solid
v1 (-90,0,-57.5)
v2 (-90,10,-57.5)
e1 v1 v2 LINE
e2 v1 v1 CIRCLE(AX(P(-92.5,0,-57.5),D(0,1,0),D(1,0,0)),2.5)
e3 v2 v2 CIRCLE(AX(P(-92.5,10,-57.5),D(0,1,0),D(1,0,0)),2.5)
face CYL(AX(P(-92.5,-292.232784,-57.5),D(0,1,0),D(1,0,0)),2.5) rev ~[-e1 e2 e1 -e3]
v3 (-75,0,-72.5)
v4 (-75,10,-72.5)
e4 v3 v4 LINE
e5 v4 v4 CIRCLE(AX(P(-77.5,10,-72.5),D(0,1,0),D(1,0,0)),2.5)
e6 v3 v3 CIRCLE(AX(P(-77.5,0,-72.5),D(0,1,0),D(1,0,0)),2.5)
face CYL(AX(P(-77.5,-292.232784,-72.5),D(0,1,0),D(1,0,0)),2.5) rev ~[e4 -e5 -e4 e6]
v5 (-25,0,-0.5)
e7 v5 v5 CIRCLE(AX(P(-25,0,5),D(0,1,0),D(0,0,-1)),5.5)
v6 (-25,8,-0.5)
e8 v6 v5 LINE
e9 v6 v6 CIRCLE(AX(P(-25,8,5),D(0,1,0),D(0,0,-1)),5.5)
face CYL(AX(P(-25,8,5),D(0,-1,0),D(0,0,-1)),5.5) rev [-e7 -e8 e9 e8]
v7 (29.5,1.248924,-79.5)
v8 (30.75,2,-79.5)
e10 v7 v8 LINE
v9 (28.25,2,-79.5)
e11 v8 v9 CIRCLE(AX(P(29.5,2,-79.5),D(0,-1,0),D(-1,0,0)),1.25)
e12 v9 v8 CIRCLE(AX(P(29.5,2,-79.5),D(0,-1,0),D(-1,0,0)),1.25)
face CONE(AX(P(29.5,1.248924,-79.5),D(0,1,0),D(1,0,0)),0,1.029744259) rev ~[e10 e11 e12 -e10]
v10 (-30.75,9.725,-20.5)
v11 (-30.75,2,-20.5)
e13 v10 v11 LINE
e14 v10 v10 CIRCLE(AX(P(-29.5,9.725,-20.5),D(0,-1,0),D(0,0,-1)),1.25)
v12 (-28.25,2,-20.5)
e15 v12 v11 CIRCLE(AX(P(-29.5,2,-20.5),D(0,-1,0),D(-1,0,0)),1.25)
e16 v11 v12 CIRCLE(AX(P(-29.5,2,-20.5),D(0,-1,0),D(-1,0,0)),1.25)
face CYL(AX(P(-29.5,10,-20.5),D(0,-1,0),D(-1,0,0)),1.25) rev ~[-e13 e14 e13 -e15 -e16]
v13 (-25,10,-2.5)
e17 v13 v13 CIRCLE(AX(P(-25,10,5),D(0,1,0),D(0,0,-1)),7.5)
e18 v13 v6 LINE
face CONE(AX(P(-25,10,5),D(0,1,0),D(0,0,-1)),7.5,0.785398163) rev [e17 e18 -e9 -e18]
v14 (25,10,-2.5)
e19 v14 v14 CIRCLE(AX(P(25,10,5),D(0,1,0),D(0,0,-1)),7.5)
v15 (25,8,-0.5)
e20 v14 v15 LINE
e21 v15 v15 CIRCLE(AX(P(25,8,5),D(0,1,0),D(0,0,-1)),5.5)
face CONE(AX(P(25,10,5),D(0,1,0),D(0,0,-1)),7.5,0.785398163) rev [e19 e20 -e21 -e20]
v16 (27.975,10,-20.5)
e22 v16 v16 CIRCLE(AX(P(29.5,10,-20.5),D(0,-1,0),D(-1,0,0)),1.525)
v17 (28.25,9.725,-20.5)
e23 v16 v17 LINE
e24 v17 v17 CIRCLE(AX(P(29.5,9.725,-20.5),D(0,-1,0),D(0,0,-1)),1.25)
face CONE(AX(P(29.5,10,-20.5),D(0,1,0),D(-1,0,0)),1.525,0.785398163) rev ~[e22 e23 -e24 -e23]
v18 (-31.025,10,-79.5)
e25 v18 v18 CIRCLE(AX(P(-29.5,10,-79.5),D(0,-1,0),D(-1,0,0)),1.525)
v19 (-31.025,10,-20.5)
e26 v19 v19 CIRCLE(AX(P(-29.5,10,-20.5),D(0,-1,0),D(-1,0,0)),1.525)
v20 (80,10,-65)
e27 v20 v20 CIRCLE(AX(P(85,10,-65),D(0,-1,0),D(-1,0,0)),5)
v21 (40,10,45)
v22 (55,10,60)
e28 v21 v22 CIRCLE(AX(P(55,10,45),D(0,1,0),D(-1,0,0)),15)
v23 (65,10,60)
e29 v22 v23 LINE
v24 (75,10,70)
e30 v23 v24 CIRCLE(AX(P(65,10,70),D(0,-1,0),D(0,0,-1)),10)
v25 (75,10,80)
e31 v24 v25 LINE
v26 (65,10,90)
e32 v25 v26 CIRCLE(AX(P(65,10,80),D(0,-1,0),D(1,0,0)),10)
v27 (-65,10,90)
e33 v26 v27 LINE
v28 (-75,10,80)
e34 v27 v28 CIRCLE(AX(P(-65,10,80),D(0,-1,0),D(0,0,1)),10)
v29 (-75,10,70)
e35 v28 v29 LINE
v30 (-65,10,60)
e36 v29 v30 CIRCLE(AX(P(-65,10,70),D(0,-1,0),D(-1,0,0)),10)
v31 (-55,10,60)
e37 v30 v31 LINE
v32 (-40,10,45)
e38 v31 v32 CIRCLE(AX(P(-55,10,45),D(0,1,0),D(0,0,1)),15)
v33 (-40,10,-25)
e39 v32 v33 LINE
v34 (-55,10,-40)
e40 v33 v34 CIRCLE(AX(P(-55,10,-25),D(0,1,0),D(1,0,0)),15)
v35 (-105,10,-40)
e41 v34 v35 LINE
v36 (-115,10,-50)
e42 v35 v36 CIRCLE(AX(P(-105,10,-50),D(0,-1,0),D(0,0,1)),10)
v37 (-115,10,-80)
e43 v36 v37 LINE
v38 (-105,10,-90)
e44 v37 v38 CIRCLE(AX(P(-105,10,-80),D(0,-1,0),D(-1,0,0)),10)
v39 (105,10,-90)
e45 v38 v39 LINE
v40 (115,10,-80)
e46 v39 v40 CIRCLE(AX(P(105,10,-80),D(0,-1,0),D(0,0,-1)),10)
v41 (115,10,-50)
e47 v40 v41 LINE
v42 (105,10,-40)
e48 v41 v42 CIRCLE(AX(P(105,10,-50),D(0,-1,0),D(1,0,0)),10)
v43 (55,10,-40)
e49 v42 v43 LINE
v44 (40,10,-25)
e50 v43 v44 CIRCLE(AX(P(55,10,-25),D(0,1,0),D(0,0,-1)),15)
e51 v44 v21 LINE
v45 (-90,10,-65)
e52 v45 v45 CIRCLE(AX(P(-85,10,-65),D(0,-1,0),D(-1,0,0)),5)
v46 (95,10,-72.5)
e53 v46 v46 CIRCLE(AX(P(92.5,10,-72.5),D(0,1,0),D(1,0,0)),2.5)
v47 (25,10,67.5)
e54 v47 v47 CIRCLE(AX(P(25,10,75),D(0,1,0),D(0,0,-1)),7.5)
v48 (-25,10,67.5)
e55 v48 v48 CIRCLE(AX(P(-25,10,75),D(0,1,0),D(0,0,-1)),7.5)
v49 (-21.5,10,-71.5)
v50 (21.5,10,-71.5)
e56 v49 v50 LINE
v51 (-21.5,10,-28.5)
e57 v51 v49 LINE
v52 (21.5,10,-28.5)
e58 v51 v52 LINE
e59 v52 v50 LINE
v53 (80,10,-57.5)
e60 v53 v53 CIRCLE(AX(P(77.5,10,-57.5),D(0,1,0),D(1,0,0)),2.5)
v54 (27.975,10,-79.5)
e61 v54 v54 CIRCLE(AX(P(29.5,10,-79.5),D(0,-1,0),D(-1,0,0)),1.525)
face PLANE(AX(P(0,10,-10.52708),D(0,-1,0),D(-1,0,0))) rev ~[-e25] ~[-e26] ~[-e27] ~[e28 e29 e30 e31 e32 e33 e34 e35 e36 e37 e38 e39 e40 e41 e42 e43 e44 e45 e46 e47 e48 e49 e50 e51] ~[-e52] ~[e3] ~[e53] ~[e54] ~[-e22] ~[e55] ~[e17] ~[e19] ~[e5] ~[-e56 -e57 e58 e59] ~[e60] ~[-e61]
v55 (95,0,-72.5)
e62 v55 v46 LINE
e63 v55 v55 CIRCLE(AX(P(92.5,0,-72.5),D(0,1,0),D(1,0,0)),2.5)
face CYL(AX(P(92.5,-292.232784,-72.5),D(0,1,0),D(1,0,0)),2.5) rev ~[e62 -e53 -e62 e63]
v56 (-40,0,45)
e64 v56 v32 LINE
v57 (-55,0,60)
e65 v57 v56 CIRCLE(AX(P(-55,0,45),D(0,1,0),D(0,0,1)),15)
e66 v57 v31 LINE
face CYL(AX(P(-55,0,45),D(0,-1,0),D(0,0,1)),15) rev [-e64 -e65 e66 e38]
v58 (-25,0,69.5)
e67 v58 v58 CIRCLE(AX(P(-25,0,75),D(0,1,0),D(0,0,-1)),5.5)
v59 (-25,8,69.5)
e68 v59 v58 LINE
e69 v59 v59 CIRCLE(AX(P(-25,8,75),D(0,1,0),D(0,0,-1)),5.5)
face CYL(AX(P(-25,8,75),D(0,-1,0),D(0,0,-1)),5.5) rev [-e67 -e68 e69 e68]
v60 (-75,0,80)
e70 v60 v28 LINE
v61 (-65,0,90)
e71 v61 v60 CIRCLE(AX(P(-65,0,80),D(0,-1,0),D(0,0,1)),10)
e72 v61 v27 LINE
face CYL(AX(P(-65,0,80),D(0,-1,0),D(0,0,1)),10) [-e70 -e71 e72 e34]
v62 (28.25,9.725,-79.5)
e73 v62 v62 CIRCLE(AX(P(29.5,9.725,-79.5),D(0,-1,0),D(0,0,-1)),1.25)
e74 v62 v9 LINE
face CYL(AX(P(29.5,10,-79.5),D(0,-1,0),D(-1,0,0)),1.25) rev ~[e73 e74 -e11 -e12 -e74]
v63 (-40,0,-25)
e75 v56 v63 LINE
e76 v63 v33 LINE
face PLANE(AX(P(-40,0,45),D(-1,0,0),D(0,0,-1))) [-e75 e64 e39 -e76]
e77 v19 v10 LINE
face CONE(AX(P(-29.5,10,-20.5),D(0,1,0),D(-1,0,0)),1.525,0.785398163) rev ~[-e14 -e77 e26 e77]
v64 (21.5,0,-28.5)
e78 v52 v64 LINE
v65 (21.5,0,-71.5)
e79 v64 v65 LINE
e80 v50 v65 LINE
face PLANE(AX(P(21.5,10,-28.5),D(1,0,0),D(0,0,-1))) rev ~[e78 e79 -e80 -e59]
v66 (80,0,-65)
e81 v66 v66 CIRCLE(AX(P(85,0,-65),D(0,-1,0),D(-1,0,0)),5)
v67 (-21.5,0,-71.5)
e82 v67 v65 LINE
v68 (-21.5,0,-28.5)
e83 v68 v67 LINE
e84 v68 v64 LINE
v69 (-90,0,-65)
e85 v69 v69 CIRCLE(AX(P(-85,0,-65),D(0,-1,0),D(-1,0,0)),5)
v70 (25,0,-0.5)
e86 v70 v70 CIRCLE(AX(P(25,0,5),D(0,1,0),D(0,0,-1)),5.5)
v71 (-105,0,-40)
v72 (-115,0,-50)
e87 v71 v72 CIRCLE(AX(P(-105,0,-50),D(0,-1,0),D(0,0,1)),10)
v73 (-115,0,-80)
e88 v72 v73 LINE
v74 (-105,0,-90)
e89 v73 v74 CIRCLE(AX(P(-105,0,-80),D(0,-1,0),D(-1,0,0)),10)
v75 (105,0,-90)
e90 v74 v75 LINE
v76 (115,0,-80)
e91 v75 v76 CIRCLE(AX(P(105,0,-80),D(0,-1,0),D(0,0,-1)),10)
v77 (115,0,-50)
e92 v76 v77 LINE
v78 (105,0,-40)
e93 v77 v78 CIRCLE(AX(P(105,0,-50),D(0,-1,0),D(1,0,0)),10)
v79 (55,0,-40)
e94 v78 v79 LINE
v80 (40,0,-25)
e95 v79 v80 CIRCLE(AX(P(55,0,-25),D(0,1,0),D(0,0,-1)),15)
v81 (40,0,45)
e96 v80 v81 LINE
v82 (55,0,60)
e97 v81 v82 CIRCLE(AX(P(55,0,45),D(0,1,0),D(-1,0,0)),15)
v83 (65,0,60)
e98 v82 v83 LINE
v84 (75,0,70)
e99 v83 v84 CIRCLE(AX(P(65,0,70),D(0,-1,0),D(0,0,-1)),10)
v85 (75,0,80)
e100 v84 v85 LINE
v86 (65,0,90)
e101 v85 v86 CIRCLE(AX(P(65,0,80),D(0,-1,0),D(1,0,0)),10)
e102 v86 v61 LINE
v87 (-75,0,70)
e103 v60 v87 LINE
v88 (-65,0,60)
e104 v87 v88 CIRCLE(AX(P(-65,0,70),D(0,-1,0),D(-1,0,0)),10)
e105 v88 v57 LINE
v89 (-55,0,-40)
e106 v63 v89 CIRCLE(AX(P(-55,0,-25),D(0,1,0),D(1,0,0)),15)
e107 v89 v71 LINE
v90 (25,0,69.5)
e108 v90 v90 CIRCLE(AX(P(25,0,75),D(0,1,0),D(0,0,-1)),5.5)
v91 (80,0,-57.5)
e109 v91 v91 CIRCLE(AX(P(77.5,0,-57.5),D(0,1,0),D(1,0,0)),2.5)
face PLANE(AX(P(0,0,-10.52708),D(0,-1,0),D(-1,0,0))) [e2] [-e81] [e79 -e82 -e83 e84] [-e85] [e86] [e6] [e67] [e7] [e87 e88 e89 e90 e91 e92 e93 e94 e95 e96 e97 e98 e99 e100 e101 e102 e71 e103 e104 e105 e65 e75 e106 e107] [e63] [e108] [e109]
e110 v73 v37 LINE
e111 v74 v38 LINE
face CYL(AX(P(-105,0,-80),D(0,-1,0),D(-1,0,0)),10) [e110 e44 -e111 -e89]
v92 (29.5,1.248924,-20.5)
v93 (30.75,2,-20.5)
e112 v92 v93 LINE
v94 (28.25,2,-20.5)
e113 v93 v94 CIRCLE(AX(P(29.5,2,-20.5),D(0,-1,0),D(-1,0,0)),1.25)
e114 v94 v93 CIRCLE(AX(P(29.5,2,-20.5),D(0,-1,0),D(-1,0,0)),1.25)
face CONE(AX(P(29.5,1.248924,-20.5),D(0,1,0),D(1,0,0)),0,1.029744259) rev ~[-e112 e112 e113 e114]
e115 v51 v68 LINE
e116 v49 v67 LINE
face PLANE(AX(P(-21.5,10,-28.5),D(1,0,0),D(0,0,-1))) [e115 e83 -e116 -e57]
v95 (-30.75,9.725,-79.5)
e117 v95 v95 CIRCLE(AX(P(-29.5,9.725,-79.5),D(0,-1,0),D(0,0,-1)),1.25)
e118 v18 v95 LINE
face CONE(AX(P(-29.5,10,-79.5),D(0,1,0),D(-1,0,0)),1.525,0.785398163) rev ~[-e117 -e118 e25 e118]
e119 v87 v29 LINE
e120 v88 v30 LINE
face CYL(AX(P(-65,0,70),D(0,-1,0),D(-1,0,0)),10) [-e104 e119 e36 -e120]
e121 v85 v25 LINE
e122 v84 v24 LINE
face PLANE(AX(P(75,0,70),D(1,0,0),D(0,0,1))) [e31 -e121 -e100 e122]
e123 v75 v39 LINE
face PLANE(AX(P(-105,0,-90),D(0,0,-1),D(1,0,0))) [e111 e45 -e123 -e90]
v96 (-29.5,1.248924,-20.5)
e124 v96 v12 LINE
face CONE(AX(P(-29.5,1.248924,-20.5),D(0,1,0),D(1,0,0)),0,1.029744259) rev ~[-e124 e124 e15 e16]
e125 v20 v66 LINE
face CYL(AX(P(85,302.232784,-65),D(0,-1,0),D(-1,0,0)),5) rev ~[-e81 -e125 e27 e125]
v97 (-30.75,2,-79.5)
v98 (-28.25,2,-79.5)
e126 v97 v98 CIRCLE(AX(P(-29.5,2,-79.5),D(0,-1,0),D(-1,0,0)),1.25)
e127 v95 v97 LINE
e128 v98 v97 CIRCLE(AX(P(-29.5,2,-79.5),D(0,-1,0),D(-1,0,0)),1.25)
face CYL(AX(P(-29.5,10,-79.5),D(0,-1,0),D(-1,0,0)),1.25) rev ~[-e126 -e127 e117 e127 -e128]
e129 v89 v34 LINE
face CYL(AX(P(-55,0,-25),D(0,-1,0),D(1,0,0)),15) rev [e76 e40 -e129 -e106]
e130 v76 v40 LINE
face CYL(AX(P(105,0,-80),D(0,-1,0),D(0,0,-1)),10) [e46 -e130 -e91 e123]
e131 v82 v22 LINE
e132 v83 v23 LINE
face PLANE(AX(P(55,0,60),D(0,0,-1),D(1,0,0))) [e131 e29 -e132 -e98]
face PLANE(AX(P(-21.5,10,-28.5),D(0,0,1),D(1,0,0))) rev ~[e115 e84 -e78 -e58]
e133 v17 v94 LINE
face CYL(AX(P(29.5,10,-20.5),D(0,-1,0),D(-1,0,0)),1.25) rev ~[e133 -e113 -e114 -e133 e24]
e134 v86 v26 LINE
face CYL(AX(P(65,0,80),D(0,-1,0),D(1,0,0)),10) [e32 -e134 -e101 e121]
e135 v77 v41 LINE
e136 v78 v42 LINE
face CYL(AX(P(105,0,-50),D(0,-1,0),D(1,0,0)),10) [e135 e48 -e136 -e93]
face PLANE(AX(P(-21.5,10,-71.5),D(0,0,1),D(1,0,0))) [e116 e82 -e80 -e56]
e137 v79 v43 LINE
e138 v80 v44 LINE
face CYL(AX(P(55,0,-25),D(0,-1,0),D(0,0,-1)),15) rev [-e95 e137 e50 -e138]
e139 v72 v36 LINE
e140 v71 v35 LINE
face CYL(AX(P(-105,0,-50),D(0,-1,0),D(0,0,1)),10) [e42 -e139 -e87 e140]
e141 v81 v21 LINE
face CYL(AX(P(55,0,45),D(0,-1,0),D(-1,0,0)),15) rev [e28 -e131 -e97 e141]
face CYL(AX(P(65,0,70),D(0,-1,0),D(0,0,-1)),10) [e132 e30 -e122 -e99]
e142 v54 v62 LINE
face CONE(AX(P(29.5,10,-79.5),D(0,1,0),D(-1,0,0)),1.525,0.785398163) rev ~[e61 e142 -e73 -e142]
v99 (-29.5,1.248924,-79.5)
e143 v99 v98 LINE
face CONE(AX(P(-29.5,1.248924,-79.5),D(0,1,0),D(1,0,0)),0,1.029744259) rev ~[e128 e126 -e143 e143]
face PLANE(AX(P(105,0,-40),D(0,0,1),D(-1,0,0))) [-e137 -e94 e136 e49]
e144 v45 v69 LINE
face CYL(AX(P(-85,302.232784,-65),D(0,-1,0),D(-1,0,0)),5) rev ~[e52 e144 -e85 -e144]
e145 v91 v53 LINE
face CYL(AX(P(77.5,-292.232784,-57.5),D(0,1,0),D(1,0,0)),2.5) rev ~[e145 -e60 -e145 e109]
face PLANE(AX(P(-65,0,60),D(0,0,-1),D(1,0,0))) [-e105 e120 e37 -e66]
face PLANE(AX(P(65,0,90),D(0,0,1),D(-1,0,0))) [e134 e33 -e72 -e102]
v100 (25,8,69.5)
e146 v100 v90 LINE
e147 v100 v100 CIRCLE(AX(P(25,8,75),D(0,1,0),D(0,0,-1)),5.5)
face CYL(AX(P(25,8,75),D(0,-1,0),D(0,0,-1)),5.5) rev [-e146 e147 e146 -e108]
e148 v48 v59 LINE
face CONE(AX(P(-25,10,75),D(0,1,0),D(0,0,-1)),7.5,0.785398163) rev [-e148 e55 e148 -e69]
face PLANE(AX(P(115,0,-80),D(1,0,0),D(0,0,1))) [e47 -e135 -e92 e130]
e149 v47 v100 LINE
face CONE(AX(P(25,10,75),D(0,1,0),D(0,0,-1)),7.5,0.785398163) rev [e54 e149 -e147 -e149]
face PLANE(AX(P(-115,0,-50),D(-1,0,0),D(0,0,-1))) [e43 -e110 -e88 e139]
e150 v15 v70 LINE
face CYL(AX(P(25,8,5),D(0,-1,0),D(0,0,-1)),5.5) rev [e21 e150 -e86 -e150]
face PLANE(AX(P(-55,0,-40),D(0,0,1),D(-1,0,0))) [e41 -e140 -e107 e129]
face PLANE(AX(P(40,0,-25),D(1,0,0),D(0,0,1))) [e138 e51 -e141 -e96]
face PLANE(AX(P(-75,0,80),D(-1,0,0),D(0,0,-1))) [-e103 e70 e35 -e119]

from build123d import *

# Parameters (mm, degrees)
AUFSATZ_LINEAR_AUSTRAGEN1_DEPTH    = 10
F_10_0_10_DURCHMESSER_BOHRUNG1_D   = 10
SKIZZE8_W                          = 43
SKIZZE8_H                          = 43
SCHNITT_LINEAR_AUSTRAGEN2_DEPTH    = 10
M3_GEWINDEBOHRUNG1_D               = 2.5
M3_GEWINDEBOHRUNG1_DEPTH           = 8
M3_GEWINDEBOHRUNG1_CSINK_D         = 3.05
M3_GEWINDEBOHRUNG1_CSINK_ANGLE     = 90
M3_GEWINDEBOHRUNG1_TIP             = 0.751075774
F_5_0_5_DURCHMESSER_BOHRUNG1_D     = 5
DURCHGANGSLOCH_F_R_M101_AT_2_COUNT = 2
DURCHGANGSLOCH_F_R_M101_AT_2_PITCH = 70
DURCHGANGSLOCH_F_R_M101_AT_3_COUNT = 2
DURCHGANGSLOCH_F_R_M101_AT_3_PITCH = 50
DURCHGANGSLOCH_F_R_M101_AT_4_COUNT = 2
DURCHGANGSLOCH_F_R_M101_AT_4_PITCH = 86.02325267


with BuildPart() as part:
    # Skizze1 → Aufsatz-Linear austragen1 (new body)
    with BuildSketch(Plane(origin=(0, 0, 0), x_dir=(1, 0, 0), z_dir=(0, 1, 0))):
        with BuildLine():
            Line((-105, 90), (105, 90))
            ThreePointArc((105, 90), (112.071067812, 87.071067812), (115, 80))
            Line((115, 80), (115, 50))
            ThreePointArc((115, 50), (112.071067812, 42.928932188), (105, 40))
            Line((105, 40), (55, 40))
            ThreePointArc((55, 40), (44.393398282, 35.606601718), (40, 25))
            Line((40, 25), (40, -45))
            ThreePointArc((40, -45), (44.393398282, -55.606601718), (55, -60))
            Line((55, -60), (65, -60))
            ThreePointArc((65, -60), (72.071067812, -62.928932188), (75, -70))
            Line((75, -70), (75, -80))
            ThreePointArc((75, -80), (72.071067812, -87.071067812), (65, -90))
            Line((65, -90), (-65, -90))
            ThreePointArc((-65, -90), (-72.071067812, -87.071067812), (-75, -80))
            Line((-75, -80), (-75, -70))
            ThreePointArc((-75, -70), (-72.071067812, -62.928932188), (-65, -60))
            Line((-65, -60), (-55, -60))
            ThreePointArc((-55, -60), (-44.393398282, -55.606601718), (-40, -45))
            Line((-40, -45), (-40, 25))
            ThreePointArc((-40, 25), (-44.393398282, 35.606601718), (-55, 40))
            Line((-55, 40), (-105, 40))
            ThreePointArc((-105, 40), (-112.071067812, 42.928932188), (-115, 50))
            Line((-115, 50), (-115, 80))
            ThreePointArc((-115, 80), (-112.071067812, 87.071067812), (-105, 90))
        make_face()
    extrude(amount=AUFSATZ_LINEAR_AUSTRAGEN1_DEPTH)

    # Ø10.0 (10) Durchmesser Bohrung1 (through all)
    with Locations(Plane(origin=(0, 10, 0), x_dir=(1, 0, 0), z_dir=(0, 1, 0))):
        with Locations((-85, 65), (85, 65)):
            Hole(F_10_0_10_DURCHMESSER_BOHRUNG1_D / 2)

    # Skizze8 → Schnitt-Linear austragen2 (cut)
    with BuildSketch(Plane(origin=(0, 10, 0), x_dir=(1, 0, 0), z_dir=(0, 1, 0))):
        with Locations((0, 50)):
            Rectangle(SKIZZE8_W, SKIZZE8_H)
    extrude(amount=-SCHNITT_LINEAR_AUSTRAGEN2_DEPTH, mode=Mode.SUBTRACT)

    # M3 Gewindebohrung1
    with Locations(Plane(origin=(0, 10, 0), x_dir=(1, 0, 0), z_dir=(0, 1, 0))):
        with Locations((-29.5, 79.5), (-29.5, 20.5), (29.5, 20.5), (29.5, 79.5)):
            CounterSinkHole(M3_GEWINDEBOHRUNG1_D / 2, M3_GEWINDEBOHRUNG1_CSINK_D / 2, depth=M3_GEWINDEBOHRUNG1_DEPTH, counter_sink_angle=M3_GEWINDEBOHRUNG1_CSINK_ANGLE)
            with Locations((0, 0, -(M3_GEWINDEBOHRUNG1_DEPTH + M3_GEWINDEBOHRUNG1_TIP / 2))):  # 118° drill point
                Cone(0, M3_GEWINDEBOHRUNG1_D / 2, M3_GEWINDEBOHRUNG1_TIP, mode=Mode.SUBTRACT)

    # Ø5.0 (5) Durchmesser Bohrung1 (through all)
    with Locations(Plane(origin=(0, 0, 0), x_dir=(-1, 0, 0), z_dir=(0, -1, 0))):
        with Locations((77.5, 72.5), (92.5, 57.5), (-92.5, 72.5), (-77.5, 57.5)):
            Hole(F_5_0_5_DURCHMESSER_BOHRUNG1_D / 2)

    # Skizze14 → Durchgangsloch für M101 (revolve, cut)
    with BuildSketch(Plane(origin=(25, 0, 5), x_dir=(0, 0, -1), z_dir=(1, 0, 0))):
        Polygon((0, 0), (0, 10), (7.5, 10), (5.5, 8), (5.5, 0), align=None)
    durchgangsloch_f_r_m101 = revolve(axis=Axis((25, -6.35, 5), (0, 1, 0)), mode=Mode.SUBTRACT)

    # Durchgangsloch für M101 at 2: Durchgangsloch für M101 ×2
    with Locations(*[(0, 0, i * DURCHGANGSLOCH_F_R_M101_AT_2_PITCH) for i in range(1, DURCHGANGSLOCH_F_R_M101_AT_2_COUNT)]):
        add(durchgangsloch_f_r_m101, mode=Mode.SUBTRACT)

    # Durchgangsloch für M101 at 3: Durchgangsloch für M101 ×2
    with Locations(*[(-i * DURCHGANGSLOCH_F_R_M101_AT_3_PITCH, 0, 0) for i in range(1, DURCHGANGSLOCH_F_R_M101_AT_3_COUNT)]):
        add(durchgangsloch_f_r_m101, mode=Mode.SUBTRACT)

    # Durchgangsloch für M101 at 4: Durchgangsloch für M101 ×2
    with Locations(*[Vector(-0.5812381937190965, 0, 0.813733471206735) * (i * DURCHGANGSLOCH_F_R_M101_AT_4_PITCH) for i in range(1, DURCHGANGSLOCH_F_R_M101_AT_4_COUNT)]):
        add(durchgangsloch_f_r_m101, mode=Mode.SUBTRACT)


solid = part.part
